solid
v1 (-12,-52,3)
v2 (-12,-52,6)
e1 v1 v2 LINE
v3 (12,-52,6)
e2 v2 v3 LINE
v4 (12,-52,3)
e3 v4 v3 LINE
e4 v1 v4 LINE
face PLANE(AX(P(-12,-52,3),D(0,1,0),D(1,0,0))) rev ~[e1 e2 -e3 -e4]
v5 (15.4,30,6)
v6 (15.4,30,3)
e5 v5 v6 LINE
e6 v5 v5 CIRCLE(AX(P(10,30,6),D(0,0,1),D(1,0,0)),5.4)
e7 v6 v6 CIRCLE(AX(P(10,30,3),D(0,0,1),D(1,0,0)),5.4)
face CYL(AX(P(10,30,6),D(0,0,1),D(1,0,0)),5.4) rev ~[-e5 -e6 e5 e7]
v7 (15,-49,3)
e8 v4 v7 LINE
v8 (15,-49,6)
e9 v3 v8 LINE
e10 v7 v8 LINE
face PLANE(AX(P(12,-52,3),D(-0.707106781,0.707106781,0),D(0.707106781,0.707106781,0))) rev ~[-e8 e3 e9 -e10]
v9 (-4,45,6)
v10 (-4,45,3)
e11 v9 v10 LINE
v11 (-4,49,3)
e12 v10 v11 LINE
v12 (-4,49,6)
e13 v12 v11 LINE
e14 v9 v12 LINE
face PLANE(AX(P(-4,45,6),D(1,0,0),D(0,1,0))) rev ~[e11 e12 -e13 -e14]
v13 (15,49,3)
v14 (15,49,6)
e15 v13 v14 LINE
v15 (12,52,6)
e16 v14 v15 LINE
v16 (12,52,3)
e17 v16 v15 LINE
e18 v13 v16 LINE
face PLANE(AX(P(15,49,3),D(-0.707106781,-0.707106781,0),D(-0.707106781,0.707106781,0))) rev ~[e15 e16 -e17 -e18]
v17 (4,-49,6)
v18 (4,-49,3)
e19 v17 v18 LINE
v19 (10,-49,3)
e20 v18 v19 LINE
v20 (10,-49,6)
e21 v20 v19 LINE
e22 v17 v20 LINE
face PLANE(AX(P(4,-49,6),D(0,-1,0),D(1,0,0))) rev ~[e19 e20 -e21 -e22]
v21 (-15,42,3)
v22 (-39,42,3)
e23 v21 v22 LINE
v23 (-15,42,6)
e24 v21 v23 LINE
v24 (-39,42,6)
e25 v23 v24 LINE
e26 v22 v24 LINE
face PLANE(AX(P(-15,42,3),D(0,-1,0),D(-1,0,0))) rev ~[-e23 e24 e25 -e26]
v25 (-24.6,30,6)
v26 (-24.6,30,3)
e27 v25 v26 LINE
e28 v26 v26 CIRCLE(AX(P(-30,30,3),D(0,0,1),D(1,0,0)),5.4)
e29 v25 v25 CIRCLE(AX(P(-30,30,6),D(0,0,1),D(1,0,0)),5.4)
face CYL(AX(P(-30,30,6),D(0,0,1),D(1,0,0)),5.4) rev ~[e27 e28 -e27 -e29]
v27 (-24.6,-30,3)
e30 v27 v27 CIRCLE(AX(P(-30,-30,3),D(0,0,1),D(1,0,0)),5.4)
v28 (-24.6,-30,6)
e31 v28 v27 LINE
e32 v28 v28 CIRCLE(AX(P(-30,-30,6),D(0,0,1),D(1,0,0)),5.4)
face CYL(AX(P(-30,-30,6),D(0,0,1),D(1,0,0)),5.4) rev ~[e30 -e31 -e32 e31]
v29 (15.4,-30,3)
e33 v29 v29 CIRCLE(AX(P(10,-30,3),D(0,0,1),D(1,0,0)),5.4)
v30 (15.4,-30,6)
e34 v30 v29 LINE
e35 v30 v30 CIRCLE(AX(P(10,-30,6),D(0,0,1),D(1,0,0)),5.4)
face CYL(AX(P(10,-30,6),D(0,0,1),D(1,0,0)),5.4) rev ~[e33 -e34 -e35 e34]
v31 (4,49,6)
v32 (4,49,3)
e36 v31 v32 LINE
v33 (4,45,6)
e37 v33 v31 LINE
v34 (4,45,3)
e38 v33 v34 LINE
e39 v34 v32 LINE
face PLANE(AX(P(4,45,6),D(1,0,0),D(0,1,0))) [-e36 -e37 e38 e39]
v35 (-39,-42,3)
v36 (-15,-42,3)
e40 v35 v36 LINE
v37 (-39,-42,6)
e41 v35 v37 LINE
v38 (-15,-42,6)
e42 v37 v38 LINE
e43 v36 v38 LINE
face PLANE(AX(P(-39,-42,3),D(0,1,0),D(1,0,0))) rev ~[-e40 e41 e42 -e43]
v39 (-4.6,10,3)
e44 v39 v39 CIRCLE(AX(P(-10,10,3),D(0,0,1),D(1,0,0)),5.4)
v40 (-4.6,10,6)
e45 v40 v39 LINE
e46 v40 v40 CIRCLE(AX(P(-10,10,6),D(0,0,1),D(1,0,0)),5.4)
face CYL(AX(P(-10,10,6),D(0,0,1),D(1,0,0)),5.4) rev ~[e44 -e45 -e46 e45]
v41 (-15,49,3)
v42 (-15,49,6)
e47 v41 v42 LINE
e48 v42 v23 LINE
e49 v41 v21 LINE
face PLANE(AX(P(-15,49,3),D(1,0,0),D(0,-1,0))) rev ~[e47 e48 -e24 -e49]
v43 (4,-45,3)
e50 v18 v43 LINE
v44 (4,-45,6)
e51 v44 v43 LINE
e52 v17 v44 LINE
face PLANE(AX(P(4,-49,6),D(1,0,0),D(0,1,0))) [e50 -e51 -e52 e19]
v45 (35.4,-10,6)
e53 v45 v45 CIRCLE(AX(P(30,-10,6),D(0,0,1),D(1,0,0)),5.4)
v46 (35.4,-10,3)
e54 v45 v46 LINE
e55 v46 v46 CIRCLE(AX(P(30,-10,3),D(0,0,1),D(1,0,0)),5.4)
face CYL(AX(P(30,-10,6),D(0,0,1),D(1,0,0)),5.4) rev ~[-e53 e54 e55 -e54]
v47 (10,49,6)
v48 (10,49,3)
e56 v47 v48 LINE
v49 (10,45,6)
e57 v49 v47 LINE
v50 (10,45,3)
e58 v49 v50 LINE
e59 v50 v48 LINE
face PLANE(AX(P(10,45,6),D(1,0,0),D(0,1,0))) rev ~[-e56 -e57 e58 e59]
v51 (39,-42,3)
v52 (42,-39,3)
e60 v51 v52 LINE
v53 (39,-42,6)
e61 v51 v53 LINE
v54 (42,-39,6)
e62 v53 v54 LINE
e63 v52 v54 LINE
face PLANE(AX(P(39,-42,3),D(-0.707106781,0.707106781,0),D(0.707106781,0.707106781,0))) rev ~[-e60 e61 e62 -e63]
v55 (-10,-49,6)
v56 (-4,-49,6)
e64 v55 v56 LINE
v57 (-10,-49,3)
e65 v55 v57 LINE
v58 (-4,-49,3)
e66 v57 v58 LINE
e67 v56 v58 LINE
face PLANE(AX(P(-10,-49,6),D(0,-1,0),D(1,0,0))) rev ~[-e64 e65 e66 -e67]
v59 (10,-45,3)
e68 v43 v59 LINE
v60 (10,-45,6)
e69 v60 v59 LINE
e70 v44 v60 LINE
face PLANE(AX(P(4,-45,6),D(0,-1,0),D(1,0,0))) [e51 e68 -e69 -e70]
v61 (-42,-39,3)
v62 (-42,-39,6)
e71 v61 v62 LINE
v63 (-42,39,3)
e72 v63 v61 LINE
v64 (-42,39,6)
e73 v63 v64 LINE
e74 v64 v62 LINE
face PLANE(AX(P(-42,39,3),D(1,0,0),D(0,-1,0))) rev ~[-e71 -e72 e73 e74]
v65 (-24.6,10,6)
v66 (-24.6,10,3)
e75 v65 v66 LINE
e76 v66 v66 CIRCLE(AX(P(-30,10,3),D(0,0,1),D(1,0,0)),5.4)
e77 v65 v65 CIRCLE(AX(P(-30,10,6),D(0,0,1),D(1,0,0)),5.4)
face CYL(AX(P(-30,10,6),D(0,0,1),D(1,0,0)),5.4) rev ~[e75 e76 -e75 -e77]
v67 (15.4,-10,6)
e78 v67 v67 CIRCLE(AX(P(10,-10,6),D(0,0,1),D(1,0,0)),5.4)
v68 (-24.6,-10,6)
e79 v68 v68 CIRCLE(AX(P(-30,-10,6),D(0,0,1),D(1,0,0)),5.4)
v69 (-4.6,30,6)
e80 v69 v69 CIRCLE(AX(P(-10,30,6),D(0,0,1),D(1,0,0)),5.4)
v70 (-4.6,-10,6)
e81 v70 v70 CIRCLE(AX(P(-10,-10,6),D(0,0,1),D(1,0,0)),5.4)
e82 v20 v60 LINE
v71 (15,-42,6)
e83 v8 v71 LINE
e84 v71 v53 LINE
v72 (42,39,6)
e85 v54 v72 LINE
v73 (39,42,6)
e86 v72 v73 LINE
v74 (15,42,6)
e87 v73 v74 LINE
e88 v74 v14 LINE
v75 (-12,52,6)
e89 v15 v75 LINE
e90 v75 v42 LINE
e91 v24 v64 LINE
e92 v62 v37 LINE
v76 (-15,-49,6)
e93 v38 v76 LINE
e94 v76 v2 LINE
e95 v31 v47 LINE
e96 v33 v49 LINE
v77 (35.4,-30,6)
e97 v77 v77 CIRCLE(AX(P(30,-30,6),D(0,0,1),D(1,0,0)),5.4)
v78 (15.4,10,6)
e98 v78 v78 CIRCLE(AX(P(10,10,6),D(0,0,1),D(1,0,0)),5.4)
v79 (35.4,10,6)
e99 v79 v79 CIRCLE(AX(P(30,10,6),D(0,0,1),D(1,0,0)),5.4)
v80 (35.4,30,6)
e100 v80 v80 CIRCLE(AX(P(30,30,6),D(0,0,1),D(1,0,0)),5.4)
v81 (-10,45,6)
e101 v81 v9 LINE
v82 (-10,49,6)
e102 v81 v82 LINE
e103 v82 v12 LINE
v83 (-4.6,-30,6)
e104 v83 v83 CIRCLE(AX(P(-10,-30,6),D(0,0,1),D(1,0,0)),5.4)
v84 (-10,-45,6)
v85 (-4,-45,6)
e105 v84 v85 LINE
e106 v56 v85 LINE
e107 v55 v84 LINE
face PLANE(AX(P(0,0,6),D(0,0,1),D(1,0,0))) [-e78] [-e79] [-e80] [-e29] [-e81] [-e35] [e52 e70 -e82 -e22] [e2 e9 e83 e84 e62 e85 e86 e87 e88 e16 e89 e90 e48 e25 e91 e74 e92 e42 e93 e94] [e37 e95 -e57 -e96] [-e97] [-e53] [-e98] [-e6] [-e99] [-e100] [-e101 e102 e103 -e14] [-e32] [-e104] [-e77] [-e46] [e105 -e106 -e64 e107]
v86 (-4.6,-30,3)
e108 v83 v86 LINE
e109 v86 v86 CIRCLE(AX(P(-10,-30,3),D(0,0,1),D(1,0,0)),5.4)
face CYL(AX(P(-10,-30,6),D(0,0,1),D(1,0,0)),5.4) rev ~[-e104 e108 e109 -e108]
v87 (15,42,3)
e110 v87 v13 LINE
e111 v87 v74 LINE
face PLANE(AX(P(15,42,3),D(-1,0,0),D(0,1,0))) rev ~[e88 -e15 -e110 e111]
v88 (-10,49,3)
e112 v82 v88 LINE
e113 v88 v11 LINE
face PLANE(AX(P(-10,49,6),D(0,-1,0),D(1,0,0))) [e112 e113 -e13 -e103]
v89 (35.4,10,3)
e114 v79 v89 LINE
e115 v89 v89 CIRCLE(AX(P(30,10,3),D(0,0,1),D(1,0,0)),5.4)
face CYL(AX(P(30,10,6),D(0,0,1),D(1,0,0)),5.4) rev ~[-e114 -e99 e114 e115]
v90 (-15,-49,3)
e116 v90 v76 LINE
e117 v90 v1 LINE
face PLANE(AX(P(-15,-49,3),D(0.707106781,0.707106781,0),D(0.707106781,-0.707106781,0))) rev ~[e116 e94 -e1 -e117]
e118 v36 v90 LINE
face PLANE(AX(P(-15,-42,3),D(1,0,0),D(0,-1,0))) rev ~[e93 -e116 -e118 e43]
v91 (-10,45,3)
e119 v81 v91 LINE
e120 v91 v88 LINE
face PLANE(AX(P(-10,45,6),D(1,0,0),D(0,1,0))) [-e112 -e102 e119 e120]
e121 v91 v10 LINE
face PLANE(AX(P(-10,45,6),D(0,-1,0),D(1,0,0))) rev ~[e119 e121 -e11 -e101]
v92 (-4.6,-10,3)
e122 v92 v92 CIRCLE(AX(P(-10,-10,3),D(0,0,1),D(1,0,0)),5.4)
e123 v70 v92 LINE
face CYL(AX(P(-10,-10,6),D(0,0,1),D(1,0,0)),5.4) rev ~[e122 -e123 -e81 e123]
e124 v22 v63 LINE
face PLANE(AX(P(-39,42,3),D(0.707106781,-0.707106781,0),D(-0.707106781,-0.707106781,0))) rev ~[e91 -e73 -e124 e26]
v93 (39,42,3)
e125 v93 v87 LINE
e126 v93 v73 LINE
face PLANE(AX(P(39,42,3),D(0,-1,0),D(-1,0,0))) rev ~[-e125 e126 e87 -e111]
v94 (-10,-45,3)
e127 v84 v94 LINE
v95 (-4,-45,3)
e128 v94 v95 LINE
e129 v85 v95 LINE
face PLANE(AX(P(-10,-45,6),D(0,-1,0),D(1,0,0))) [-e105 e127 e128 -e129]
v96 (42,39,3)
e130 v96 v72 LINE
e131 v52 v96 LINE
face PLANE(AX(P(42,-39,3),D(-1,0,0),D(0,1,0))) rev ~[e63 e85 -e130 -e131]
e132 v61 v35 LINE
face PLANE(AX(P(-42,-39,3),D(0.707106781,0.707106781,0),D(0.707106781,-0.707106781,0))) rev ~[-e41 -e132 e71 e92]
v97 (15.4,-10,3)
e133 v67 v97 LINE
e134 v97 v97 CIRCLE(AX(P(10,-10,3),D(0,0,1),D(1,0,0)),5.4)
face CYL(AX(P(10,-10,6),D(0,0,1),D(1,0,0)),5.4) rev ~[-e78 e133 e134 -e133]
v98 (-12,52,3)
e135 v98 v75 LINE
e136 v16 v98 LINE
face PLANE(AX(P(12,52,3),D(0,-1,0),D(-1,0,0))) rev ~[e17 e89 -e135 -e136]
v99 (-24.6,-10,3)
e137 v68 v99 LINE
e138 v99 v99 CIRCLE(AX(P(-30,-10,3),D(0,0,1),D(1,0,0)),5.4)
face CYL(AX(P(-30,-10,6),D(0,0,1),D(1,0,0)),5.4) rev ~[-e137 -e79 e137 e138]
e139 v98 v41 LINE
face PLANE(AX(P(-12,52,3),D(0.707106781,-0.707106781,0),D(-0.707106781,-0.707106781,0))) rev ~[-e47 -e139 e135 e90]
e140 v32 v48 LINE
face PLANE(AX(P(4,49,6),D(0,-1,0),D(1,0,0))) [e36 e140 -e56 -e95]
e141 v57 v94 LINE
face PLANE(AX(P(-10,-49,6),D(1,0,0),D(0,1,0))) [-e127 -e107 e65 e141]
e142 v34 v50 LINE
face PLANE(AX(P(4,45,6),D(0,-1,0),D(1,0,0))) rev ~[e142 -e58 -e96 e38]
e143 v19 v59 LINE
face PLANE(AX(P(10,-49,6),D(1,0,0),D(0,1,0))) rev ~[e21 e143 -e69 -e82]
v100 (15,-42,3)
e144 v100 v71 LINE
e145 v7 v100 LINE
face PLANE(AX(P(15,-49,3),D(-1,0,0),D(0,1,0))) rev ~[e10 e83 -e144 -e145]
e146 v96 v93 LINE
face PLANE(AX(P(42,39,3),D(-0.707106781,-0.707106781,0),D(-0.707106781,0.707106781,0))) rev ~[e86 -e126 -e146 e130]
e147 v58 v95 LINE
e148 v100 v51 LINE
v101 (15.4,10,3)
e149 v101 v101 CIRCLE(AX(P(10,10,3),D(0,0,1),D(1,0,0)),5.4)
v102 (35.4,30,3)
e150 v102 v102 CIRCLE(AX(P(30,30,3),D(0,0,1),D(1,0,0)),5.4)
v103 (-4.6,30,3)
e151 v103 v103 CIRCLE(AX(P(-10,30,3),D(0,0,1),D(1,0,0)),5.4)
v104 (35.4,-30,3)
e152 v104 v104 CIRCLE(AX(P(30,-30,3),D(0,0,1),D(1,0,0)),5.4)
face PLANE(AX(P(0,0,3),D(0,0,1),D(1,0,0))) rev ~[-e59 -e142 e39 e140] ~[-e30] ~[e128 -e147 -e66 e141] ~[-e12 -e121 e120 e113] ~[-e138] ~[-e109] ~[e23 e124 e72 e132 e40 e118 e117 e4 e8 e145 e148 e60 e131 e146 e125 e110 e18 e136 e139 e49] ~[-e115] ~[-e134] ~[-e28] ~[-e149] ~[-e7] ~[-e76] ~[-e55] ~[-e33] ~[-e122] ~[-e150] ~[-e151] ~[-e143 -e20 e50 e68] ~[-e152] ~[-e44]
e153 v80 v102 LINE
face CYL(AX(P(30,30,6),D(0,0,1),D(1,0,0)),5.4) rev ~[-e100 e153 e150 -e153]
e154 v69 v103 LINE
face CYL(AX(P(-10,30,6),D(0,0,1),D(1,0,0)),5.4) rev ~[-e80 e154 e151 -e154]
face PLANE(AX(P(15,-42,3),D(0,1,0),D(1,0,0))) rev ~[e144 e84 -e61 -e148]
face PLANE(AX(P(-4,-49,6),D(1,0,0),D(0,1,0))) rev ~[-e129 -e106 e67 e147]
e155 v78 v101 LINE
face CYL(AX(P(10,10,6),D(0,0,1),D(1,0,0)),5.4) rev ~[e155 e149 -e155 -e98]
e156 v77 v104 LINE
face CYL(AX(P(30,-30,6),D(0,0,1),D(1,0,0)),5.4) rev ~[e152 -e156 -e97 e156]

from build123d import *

# Parameters (mm, degrees)
PAD025_DEPTH    = 3
SKETCH041_R     = 5.4
POCKET015_DEPTH = 5
SKETCH042_W     = 6
SKETCH042_H     = 4
POCKET016_DEPTH = 5


with BuildPart() as part:
    # Sketch040 (on Face5 of Binder007) → Pad025 (new body)
    with BuildSketch(Plane.XY.offset(3)):
        Polygon((12, 52), (-12, 52), (-15, 49), (-15, 42), (-39, 42), (-42, 39), (-42, -39), (-39, -42), (-15, -42), (-15, -49), (-12, -52), (12, -52), (15, -49), (15, -42), (39, -42), (42, -39), (42, 39), (39, 42), (15, 42), (15, 49), align=None)
    extrude(amount=PAD025_DEPTH)

    # Sketch041 (on Face22 of Pad025) → Pocket015 (cut)
    with BuildSketch(Plane.XY.offset(6)):
        with Locations((-30, 30)):
            Circle(SKETCH041_R)
        with Locations((-10, 30)):
            Circle(SKETCH041_R)
        with Locations((10, 30)):
            Circle(SKETCH041_R)
        with Locations((30, 30)):
            Circle(SKETCH041_R)
        with Locations((-30, 10)):
            Circle(SKETCH041_R)
        with Locations((-10, 10)):
            Circle(SKETCH041_R)
        with Locations((10, 10)):
            Circle(SKETCH041_R)
        with Locations((30, 10)):
            Circle(SKETCH041_R)
        with Locations((-30, -10)):
            Circle(SKETCH041_R)
        with Locations((-10, -10)):
            Circle(SKETCH041_R)
        with Locations((10, -10)):
            Circle(SKETCH041_R)
        with Locations((30, -10)):
            Circle(SKETCH041_R)
        with Locations((-30, -30)):
            Circle(SKETCH041_R)
        with Locations((-10, -30)):
            Circle(SKETCH041_R)
        with Locations((10, -30)):
            Circle(SKETCH041_R)
        with Locations((30, -30)):
            Circle(SKETCH041_R)
    extrude(amount=-POCKET015_DEPTH, mode=Mode.SUBTRACT)

    # Sketch042 (on Face5 of Pocket015) → Pocket016 (cut)
    with BuildSketch(Plane.XY.offset(6)):
        with Locations((-7, -47)):
            Rectangle(SKETCH042_W, SKETCH042_H)
        with Locations((7, -47)):
            Rectangle(SKETCH042_W, SKETCH042_H)
        with Locations((-7, 47)):
            Rectangle(SKETCH042_W, SKETCH042_H)
        with Locations((7, 47)):
            Rectangle(SKETCH042_W, SKETCH042_H)
    extrude(amount=-POCKET016_DEPTH, mode=Mode.SUBTRACT)


solid = part.part
